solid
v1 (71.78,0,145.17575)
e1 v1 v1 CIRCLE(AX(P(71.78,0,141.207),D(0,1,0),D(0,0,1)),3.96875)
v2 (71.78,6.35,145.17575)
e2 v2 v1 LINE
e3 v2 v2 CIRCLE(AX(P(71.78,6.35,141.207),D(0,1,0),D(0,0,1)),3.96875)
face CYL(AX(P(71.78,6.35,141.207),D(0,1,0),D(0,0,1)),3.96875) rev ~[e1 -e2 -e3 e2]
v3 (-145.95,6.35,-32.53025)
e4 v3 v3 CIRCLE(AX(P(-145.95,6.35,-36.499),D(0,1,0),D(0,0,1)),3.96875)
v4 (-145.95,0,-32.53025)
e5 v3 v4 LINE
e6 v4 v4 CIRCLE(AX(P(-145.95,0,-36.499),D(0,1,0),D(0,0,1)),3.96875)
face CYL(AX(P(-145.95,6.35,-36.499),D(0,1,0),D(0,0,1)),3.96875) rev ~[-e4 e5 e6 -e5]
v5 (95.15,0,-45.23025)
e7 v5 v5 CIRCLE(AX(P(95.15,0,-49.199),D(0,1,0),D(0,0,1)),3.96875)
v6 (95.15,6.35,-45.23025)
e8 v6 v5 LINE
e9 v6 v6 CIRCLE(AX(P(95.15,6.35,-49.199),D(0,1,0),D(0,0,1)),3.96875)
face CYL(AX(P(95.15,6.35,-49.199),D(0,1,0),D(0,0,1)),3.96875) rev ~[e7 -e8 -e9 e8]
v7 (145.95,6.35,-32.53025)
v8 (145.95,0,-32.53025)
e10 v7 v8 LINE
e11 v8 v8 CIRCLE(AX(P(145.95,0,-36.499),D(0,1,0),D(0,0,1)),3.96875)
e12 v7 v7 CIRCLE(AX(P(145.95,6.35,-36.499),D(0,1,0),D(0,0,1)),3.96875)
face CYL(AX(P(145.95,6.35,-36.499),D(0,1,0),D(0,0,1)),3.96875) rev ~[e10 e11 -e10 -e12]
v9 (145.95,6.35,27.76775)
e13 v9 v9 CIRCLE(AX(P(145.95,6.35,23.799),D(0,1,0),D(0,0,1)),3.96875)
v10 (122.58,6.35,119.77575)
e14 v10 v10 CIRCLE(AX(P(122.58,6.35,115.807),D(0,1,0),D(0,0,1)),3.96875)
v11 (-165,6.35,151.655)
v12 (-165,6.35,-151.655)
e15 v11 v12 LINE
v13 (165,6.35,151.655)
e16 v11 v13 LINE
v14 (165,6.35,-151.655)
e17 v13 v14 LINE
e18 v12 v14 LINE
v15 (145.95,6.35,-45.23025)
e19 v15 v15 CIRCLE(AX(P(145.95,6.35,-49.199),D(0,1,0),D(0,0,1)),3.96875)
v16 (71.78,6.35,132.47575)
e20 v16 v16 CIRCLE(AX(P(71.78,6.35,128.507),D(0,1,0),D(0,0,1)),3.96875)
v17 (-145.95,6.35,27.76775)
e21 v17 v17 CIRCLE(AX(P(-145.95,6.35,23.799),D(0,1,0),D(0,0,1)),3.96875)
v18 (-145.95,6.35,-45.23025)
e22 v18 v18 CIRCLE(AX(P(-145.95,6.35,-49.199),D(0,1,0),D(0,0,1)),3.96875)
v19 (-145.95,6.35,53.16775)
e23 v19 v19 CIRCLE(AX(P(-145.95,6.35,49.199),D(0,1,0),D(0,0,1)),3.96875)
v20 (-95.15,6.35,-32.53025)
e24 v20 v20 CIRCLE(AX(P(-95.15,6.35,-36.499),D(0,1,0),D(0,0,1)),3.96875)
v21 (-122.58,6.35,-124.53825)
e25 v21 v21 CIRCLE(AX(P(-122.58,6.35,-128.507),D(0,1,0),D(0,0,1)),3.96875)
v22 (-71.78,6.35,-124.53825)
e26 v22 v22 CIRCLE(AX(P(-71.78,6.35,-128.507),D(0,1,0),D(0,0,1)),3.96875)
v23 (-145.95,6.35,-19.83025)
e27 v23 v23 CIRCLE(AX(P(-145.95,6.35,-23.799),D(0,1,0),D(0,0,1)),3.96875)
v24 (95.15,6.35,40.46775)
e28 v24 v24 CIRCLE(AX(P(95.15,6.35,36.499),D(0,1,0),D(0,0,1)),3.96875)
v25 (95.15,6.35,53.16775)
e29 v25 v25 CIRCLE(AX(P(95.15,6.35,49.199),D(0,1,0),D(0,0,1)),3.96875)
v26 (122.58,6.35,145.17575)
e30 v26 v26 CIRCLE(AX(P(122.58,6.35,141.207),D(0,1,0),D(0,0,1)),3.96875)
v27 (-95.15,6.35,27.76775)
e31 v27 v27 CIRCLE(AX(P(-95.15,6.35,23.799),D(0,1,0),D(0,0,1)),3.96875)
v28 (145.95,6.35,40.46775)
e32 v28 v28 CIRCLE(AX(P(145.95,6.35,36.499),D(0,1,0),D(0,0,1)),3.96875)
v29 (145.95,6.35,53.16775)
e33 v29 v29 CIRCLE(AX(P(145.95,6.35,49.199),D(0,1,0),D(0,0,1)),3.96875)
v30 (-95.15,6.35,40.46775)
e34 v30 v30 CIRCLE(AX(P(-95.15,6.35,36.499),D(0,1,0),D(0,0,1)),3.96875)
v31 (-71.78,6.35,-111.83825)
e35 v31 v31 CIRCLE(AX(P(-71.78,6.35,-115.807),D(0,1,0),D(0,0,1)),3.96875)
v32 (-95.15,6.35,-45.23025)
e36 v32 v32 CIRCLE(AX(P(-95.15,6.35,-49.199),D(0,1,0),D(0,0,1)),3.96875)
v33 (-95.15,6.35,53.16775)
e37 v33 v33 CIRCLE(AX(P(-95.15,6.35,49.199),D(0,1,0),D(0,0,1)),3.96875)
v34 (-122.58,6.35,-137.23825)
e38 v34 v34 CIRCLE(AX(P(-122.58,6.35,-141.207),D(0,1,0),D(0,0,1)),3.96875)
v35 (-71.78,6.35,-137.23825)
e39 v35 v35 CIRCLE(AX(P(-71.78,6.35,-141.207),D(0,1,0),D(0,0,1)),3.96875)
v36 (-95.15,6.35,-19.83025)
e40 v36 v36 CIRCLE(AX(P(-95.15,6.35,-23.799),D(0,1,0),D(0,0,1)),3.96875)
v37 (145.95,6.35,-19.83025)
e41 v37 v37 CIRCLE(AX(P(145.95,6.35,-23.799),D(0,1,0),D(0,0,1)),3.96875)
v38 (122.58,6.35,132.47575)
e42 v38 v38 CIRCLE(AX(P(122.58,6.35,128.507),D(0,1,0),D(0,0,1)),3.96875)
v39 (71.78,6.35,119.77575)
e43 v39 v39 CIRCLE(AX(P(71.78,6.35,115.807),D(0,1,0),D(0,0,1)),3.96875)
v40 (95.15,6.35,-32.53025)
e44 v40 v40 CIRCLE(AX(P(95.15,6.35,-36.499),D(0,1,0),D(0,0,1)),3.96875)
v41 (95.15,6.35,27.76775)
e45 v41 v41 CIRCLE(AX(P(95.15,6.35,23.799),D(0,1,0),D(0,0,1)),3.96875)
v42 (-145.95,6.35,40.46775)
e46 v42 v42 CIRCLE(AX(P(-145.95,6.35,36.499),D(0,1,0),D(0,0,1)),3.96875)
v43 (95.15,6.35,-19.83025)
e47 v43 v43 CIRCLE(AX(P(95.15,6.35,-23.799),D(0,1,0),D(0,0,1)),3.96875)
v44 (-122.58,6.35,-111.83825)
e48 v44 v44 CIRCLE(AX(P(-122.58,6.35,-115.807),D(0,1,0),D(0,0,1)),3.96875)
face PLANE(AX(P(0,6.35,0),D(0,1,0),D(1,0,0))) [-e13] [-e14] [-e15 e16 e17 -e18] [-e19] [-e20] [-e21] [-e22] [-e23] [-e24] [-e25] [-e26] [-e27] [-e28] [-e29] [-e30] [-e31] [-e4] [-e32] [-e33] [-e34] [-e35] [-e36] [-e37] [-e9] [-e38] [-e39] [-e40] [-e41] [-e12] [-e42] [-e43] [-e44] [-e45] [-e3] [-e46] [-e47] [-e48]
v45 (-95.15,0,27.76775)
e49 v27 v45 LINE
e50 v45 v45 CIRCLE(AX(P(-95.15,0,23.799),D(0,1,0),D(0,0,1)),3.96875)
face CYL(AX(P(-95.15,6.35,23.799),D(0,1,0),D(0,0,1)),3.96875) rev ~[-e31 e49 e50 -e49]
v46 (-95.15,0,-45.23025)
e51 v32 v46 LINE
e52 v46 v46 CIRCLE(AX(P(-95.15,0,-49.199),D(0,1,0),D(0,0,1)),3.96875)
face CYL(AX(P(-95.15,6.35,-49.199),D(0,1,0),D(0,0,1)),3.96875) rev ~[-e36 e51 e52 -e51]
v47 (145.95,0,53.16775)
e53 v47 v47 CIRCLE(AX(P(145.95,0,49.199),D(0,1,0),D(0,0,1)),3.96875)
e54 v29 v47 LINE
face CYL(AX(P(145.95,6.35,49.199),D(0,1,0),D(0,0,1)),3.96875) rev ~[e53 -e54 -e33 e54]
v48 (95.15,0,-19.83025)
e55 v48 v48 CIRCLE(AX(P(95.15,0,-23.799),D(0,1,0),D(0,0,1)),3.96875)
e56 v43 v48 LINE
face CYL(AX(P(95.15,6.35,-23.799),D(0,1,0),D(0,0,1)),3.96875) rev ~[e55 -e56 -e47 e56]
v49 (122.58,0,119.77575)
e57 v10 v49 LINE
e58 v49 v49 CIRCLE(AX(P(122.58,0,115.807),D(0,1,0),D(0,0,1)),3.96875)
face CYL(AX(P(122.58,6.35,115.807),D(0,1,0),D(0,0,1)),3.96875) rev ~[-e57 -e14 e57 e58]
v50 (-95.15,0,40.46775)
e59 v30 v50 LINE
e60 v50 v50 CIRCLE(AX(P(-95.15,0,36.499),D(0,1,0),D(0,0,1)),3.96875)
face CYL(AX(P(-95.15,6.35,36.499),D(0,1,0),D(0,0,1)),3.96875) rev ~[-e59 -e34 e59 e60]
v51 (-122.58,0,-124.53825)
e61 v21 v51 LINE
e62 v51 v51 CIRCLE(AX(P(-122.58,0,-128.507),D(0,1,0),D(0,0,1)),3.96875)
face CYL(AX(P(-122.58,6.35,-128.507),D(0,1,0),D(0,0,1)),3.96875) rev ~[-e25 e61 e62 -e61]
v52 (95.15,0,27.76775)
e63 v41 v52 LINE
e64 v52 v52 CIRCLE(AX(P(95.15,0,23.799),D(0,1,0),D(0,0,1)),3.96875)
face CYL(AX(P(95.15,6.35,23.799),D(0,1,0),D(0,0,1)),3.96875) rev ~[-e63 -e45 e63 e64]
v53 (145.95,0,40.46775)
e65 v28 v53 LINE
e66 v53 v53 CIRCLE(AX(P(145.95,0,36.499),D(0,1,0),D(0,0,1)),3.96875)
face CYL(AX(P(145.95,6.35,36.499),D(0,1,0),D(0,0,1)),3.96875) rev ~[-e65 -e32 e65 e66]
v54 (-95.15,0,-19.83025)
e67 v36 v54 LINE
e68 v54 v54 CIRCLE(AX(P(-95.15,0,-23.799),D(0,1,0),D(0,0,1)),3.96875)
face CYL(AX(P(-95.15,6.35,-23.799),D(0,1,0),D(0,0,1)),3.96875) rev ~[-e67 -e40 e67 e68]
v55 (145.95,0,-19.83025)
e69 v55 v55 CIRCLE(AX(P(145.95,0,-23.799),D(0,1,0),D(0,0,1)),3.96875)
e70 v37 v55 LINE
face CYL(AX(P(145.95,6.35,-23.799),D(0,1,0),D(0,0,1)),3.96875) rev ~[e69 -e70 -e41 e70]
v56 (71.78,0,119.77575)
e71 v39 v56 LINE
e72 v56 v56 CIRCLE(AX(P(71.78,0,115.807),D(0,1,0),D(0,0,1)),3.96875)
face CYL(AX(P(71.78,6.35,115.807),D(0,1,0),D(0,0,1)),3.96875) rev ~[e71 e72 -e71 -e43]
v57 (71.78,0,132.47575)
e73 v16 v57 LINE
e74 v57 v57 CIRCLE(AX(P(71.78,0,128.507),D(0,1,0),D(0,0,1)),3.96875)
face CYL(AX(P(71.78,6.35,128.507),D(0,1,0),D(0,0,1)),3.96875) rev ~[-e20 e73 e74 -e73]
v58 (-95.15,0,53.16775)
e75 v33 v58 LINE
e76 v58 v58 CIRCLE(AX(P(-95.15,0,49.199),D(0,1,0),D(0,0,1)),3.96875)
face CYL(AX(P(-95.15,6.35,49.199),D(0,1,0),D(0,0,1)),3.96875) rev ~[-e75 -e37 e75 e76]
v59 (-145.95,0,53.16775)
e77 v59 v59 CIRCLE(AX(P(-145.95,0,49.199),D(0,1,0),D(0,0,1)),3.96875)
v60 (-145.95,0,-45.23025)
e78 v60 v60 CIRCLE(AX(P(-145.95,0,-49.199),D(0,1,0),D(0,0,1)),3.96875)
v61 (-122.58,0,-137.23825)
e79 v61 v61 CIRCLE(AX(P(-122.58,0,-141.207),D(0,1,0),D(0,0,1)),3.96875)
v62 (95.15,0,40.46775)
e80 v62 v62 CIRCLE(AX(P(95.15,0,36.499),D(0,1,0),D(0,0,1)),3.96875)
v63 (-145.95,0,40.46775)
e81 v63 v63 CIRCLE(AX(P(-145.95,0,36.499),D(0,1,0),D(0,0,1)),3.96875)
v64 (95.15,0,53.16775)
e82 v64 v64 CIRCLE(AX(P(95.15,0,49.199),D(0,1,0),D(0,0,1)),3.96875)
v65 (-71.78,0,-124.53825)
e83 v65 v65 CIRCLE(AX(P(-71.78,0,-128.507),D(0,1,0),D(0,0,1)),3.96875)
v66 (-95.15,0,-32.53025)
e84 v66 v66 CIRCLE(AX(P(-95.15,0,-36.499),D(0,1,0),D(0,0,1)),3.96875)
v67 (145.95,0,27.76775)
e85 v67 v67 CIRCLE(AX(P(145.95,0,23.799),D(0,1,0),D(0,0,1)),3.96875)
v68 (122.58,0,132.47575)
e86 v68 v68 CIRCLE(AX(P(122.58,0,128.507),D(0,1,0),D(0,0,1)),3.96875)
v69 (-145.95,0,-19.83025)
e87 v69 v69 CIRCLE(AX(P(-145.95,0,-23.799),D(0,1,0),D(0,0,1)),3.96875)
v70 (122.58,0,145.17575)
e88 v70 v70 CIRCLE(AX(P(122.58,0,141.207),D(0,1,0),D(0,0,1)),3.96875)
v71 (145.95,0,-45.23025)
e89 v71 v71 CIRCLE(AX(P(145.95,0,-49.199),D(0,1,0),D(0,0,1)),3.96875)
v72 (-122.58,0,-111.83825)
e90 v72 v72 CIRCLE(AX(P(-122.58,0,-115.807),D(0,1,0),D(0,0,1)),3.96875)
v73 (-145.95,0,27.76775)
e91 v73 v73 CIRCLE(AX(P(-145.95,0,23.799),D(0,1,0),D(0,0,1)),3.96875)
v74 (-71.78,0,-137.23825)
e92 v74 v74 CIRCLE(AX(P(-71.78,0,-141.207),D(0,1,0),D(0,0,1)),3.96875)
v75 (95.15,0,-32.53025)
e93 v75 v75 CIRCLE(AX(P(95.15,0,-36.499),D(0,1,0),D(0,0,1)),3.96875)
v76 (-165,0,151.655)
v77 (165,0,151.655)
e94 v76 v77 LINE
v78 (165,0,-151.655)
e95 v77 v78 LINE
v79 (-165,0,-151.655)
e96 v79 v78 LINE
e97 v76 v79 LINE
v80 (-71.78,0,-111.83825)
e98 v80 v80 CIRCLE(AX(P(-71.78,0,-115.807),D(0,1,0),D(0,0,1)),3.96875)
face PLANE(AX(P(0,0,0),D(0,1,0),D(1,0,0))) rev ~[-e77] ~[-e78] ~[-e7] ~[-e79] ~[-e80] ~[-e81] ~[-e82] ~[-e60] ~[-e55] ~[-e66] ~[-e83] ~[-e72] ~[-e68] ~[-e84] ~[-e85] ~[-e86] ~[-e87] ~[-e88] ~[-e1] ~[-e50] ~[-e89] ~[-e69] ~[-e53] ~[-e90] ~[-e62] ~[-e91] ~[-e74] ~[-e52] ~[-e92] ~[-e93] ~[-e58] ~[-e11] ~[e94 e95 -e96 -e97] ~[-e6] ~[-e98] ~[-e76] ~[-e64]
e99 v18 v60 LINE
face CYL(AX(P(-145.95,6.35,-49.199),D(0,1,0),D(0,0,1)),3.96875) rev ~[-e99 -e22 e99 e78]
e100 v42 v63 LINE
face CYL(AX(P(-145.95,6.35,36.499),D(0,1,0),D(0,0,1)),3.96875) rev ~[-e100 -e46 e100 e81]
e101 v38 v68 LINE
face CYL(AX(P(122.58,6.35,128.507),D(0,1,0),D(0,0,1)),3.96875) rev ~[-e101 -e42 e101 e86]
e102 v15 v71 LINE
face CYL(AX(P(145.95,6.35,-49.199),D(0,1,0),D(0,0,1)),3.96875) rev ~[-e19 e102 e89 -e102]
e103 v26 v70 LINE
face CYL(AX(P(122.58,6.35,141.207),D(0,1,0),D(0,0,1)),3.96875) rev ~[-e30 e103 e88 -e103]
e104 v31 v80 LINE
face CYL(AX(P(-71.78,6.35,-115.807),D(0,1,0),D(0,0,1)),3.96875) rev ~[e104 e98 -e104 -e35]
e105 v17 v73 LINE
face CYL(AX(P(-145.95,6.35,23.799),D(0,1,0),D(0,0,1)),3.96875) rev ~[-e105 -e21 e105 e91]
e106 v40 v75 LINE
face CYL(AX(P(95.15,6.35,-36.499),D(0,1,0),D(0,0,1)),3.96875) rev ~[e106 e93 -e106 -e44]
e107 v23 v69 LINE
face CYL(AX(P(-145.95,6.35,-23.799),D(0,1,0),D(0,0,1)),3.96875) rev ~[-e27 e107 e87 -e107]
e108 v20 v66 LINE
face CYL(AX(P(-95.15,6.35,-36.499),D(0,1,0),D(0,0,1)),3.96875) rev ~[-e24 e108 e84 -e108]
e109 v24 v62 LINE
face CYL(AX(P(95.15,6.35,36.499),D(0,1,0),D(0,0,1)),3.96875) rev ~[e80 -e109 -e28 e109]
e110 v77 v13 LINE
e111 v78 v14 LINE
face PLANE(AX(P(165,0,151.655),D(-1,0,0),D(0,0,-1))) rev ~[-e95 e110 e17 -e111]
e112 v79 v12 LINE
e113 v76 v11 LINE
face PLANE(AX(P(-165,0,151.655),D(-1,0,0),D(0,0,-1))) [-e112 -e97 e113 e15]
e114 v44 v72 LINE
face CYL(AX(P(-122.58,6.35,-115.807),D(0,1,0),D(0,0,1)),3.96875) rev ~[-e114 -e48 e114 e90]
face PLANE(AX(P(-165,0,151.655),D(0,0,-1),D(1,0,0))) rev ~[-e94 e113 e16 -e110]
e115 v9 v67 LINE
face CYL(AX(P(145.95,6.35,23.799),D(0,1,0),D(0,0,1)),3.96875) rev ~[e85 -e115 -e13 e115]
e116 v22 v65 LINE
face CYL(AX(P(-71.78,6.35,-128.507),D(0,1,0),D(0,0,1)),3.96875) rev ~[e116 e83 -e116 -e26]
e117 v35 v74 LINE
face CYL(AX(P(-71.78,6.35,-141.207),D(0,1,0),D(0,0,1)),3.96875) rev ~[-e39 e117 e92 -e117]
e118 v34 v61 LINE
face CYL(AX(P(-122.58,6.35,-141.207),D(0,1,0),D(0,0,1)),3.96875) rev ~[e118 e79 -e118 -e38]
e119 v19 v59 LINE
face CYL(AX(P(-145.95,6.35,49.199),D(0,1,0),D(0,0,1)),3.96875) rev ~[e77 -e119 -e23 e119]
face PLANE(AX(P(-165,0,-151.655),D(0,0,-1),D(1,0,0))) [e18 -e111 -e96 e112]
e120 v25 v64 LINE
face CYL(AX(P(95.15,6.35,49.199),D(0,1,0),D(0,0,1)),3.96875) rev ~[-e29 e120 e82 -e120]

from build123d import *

# Parameters (mm, degrees)
CROQUIS1_W              = 330
CROQUIS1_H              = 303.31
SALIENTE_EXTRUIR2_DEPTH = 6.35
CROQUIS4_R              = 3.96875
CORTAR_EXTRUIR1_DEPTH   = 10


with BuildPart() as part:
    # Croquis1 → Saliente-Extruir2 (new body)
    with BuildSketch(Plane(origin=(0, 0, 0), x_dir=(1, 0, 0), z_dir=(0, 1, 0))):
        Rectangle(CROQUIS1_W, CROQUIS1_H)
    extrude(amount=SALIENTE_EXTRUIR2_DEPTH)

    # Croquis4 → Cortar-Extruir1 (cut)
    with BuildSketch(Plane(origin=(0, 6.35, 0), x_dir=(1, 0, 0), z_dir=(0, 1, 0))):
        with Locations(Location((122.58, -128.507, 0), (0, 0, 270))):
            Circle(CROQUIS4_R)
        with Locations(Location((122.58, -115.807, 0), (0, 0, 270))):
            Circle(CROQUIS4_R)
        with Locations(Location((122.58, -141.207, 0), (0, 0, 270))):
            Circle(CROQUIS4_R)
        with Locations(Location((71.78, -141.207, 0), (0, 0, 270))):
            Circle(CROQUIS4_R)
        with Locations(Location((71.78, -128.507, 0), (0, 0, 270))):
            Circle(CROQUIS4_R)
        with Locations(Location((71.78, -115.807, 0), (0, 0, 270))):
            Circle(CROQUIS4_R)
        with Locations(Location((95.15, -36.499, 0), (0, 0, 270))):
            Circle(CROQUIS4_R)
        with Locations(Location((95.15, -23.799, 0), (0, 0, 270))):
            Circle(CROQUIS4_R)
        with Locations(Location((95.15, -49.199, 0), (0, 0, 270))):
            Circle(CROQUIS4_R)
        with Locations(Location((145.95, -49.199, 0), (0, 0, 270))):
            Circle(CROQUIS4_R)
        with Locations(Location((145.95, -36.499, 0), (0, 0, 270))):
            Circle(CROQUIS4_R)
        with Locations(Location((145.95, -23.799, 0), (0, 0, 270))):
            Circle(CROQUIS4_R)
        with Locations(Location((145.95, 49.199, 0), (0, 0, 270))):
            Circle(CROQUIS4_R)
        with Locations(Location((95.15, 49.199, 0), (0, 0, 270))):
            Circle(CROQUIS4_R)
        with Locations(Location((145.95, 36.499, 0), (0, 0, 270))):
            Circle(CROQUIS4_R)
        with Locations(Location((95.15, 36.499, 0), (0, 0, 270))):
            Circle(CROQUIS4_R)
        with Locations(Location((145.95, 23.799, 0), (0, 0, 270))):
            Circle(CROQUIS4_R)
        with Locations(Location((95.15, 23.799, 0), (0, 0, 270))):
            Circle(CROQUIS4_R)
        with Locations(Location((-95.15, -49.199, 0), (0, 0, 270))):
            Circle(CROQUIS4_R)
        with Locations(Location((-145.95, -49.199, 0), (0, 0, 270))):
            Circle(CROQUIS4_R)
        with Locations(Location((-145.95, -36.499, 0), (0, 0, 270))):
            Circle(CROQUIS4_R)
        with Locations(Location((-95.15, -36.499, 0), (0, 0, 270))):
            Circle(CROQUIS4_R)
        with Locations(Location((-95.15, -23.799, 0), (0, 0, 270))):
            Circle(CROQUIS4_R)
        with Locations(Location((-145.95, -23.799, 0), (0, 0, 270))):
            Circle(CROQUIS4_R)
        with Locations(Location((-145.95, 49.199, 0), (0, 0, 270))):
            Circle(CROQUIS4_R)
        with Locations(Location((-145.95, 36.499, 0), (0, 0, 270))):
            Circle(CROQUIS4_R)
        with Locations(Location((-145.95, 23.799, 0), (0, 0, 270))):
            Circle(CROQUIS4_R)
        with Locations(Location((-95.15, 23.799, 0), (0, 0, 270))):
            Circle(CROQUIS4_R)
        with Locations(Location((-95.15, 36.499, 0), (0, 0, 270))):
            Circle(CROQUIS4_R)
        with Locations(Location((-95.15, 49.199, 0), (0, 0, 270))):
            Circle(CROQUIS4_R)
        with Locations(Location((-122.58, 115.807, 0), (0, 0, 270))):
            Circle(CROQUIS4_R)
        with Locations(Location((-122.58, 128.507, 0), (0, 0, 270))):
            Circle(CROQUIS4_R)
        with Locations(Location((-122.58, 141.207, 0), (0, 0, 270))):
            Circle(CROQUIS4_R)
        with Locations(Location((-71.78, 115.807, 0), (0, 0, 270))):
            Circle(CROQUIS4_R)
        with Locations(Location((-71.78, 128.507, 0), (0, 0, 270))):
            Circle(CROQUIS4_R)
        with Locations(Location((-71.78, 141.207, 0), (0, 0, 270))):
            Circle(CROQUIS4_R)
    extrude(amount=-CORTAR_EXTRUIR1_DEPTH, mode=Mode.SUBTRACT)


solid = part.part
